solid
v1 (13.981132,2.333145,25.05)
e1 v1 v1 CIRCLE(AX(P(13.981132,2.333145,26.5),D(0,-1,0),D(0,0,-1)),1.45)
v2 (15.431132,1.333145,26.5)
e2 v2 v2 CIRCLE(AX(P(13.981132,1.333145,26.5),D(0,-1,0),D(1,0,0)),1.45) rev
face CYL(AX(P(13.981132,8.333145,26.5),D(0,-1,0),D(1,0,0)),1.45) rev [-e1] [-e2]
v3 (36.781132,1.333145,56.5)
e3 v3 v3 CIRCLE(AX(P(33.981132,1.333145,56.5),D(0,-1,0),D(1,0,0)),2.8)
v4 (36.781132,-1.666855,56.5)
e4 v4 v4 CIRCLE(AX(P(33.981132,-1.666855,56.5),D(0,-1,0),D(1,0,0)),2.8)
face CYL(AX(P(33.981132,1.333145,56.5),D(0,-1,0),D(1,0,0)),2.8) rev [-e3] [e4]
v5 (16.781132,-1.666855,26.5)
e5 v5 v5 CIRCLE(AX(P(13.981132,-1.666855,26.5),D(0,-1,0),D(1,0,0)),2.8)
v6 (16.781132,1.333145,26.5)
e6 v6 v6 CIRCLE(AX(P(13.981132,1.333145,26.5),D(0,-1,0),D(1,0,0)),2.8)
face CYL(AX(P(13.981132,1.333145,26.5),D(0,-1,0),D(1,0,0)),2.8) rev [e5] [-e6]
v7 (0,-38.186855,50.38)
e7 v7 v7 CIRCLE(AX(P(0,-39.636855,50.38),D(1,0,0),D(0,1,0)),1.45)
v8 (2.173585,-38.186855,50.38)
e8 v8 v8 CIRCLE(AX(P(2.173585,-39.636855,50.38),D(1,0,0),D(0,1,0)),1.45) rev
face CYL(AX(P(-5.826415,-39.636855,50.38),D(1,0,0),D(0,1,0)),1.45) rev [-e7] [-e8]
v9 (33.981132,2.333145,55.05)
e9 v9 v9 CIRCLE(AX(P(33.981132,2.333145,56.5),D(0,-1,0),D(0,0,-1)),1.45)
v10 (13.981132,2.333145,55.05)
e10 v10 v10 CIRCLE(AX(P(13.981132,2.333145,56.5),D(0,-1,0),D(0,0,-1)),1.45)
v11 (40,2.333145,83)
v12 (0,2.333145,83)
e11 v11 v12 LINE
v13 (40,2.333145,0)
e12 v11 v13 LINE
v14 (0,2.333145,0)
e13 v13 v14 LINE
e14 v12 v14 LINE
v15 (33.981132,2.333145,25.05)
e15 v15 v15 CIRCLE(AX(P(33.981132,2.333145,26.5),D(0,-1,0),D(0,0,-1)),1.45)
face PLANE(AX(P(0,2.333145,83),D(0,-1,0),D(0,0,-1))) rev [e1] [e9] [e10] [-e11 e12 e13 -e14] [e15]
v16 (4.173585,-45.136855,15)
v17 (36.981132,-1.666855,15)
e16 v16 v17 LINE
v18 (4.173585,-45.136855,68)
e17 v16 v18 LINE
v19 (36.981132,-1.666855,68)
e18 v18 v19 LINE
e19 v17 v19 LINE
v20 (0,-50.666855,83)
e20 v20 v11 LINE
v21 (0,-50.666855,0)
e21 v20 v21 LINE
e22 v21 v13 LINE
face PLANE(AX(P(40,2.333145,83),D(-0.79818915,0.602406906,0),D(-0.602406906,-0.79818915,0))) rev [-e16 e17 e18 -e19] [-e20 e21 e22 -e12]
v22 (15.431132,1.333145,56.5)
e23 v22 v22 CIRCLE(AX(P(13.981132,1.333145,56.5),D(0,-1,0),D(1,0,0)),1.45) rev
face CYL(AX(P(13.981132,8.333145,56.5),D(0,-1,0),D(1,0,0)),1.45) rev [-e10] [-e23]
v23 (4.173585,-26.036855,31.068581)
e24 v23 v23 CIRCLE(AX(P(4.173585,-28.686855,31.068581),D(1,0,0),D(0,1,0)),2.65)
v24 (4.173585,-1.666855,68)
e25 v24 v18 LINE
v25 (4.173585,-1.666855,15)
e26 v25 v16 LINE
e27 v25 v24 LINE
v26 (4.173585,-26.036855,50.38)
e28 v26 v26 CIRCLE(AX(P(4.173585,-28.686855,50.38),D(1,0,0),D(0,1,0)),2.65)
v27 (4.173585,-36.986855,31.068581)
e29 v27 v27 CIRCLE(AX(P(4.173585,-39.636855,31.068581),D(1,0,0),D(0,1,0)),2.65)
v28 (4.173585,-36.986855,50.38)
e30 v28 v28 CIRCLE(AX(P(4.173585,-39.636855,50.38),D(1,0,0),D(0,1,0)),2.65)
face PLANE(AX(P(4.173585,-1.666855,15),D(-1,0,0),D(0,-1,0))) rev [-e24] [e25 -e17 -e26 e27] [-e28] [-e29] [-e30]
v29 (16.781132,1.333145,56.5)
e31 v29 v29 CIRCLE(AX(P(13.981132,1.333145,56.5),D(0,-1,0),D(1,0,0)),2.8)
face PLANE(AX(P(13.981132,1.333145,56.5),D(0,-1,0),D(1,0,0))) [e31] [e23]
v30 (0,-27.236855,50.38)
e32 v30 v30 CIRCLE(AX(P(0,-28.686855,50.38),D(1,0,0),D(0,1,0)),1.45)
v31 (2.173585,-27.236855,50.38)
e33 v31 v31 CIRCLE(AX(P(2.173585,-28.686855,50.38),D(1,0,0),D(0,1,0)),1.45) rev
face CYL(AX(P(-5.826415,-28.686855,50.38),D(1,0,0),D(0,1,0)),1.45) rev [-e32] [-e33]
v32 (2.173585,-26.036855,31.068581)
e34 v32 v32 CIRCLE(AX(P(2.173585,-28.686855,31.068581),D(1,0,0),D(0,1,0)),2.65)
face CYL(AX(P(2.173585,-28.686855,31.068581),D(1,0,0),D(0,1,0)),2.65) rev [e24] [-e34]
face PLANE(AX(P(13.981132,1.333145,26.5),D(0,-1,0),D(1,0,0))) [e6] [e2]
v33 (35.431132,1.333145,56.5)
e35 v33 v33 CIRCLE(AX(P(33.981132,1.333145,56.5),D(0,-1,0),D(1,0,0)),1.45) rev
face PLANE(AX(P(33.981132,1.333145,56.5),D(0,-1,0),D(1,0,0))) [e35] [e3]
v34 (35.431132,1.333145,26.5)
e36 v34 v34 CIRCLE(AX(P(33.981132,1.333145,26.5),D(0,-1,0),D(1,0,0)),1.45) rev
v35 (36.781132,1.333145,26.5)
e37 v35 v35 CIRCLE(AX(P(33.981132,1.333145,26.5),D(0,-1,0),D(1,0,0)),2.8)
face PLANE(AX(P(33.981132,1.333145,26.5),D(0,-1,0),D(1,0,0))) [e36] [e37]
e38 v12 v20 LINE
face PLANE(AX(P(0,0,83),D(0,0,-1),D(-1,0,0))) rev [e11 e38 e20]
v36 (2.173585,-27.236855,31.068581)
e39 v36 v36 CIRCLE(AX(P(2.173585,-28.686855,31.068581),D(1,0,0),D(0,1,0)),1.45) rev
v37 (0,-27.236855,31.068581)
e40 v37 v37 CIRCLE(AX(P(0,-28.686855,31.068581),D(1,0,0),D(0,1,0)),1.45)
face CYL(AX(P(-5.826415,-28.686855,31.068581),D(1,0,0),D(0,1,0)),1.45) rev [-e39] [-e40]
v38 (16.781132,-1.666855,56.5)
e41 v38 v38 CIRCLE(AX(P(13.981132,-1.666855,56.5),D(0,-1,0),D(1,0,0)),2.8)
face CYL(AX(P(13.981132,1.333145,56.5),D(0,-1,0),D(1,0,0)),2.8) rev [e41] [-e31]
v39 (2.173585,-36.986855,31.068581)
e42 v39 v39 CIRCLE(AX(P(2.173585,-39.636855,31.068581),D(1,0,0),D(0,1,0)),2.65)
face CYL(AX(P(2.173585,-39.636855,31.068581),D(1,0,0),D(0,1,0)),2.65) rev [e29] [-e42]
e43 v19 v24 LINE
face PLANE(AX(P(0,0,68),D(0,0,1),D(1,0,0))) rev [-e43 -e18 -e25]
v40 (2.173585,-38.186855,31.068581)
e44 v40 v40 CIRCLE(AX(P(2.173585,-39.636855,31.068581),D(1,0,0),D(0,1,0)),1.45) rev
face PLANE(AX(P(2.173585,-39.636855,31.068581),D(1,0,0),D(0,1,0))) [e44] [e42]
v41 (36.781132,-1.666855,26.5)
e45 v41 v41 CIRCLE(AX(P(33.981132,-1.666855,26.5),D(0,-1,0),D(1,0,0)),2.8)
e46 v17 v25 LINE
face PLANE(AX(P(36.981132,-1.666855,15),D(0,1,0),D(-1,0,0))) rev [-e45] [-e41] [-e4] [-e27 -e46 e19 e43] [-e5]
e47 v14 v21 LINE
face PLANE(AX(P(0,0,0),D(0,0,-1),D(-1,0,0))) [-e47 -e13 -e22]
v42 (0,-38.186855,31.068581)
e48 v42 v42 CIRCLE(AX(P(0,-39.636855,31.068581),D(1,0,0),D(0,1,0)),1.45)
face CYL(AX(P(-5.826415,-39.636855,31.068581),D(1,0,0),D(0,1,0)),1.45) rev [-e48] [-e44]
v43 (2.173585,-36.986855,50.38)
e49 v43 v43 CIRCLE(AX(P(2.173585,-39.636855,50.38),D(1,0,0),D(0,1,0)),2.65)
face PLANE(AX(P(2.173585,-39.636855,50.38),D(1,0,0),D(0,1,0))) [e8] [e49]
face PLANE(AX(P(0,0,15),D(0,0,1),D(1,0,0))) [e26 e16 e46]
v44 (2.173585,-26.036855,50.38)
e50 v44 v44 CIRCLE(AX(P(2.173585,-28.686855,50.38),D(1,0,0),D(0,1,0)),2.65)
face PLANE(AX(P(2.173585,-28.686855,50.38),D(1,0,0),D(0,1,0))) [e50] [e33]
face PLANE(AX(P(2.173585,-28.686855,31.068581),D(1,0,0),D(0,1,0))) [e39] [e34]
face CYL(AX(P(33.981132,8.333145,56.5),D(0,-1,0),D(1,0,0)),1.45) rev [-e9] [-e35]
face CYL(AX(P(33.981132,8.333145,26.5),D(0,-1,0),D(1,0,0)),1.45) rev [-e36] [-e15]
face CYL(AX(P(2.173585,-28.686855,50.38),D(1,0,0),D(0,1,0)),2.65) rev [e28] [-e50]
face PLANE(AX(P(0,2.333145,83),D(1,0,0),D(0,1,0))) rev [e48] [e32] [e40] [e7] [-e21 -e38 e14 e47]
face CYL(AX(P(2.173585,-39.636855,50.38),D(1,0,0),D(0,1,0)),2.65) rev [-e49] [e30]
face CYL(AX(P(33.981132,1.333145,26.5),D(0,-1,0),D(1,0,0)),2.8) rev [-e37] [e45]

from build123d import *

# Parameters (mm, degrees)
EXTRUDE_1_DEPTH     = 83
CUT_EXTRUDE_1_DEPTH = 26.5
SKETCH_4_R          = 1.45
CUT_EXTRUDE_3_DEPTH = 10
SKETCH_5_R          = 1.45
CUT_EXTRUDE_4_DEPTH = 10
SKETCH_6_R          = 2.65
CUT_EXTRUDE_5_DEPTH = 2
SKETCH_7_R          = 2.8
CUT_EXTRUDE_6_DEPTH = 3


with BuildPart() as part:
    # 草图1 → 凸台-拉伸1 (new body)
    with BuildSketch(Plane.XY):
        Polygon((0, 2.333144796), (0, -50.666855204), (40, 2.333144796), align=None)
    extrude(amount=EXTRUDE_1_DEPTH)

    # 草图3 → 切除-拉伸1 (cut, symmetric)
    with BuildSketch(Plane.XY.offset(41.5)):
        Polygon((36.981132075, -1.666855204), (4.173584906, -1.666855204), (4.173584906, -45.136855204), align=None)
    extrude(amount=CUT_EXTRUDE_1_DEPTH, both=True, mode=Mode.SUBTRACT)

    # 草图4 → 切除-拉伸3 (cut)
    with BuildSketch(Plane(origin=(4.173584906, 0, 0), x_dir=(0, 0, -1), z_dir=(1, 0, 0))):
        with Locations(Location((-31.068580938, -39.636855204, 0), (0, 0, 90))):
            Circle(SKETCH_4_R)
        with Locations(Location((-31.068580938, -28.686855204, 0), (0, 0, 90))):
            Circle(SKETCH_4_R)
        with Locations(Location((-50.38, -28.686855204, 0), (0, 0, 90))):
            Circle(SKETCH_4_R)
        with Locations(Location((-50.38, -39.636855204, 0), (0, 0, 90))):
            Circle(SKETCH_4_R)
    extrude(amount=-CUT_EXTRUDE_3_DEPTH, mode=Mode.SUBTRACT)

    # 草图5 → 切除-拉伸4 (cut)
    with BuildSketch(Plane.XZ.offset(1.666855204)):
        with Locations((13.981132075, 56.5)):
            Circle(SKETCH_5_R)
        with Locations((33.981132075, 56.5)):
            Circle(SKETCH_5_R)
        with Locations((13.981132075, 26.5)):
            Circle(SKETCH_5_R)
        with Locations((33.981132075, 26.5)):
            Circle(SKETCH_5_R)
    extrude(amount=-CUT_EXTRUDE_4_DEPTH, mode=Mode.SUBTRACT)

    # 草图6 → 切除-拉伸5 (cut)
    with BuildSketch(Plane(origin=(4.173584906, 0, 0), x_dir=(0, 0, -1), z_dir=(1, 0, 0))):
        with Locations(Location((-50.38, -28.686855204, 0), (0, 0, 90))):
            Circle(SKETCH_6_R)
        with Locations(Location((-31.068580938, -28.686855204, 0), (0, 0, 90))):
            Circle(SKETCH_6_R)
        with Locations(Location((-50.38, -39.636855204, 0), (0, 0, 90))):
            Circle(SKETCH_6_R)
        with Locations(Location((-31.068580938, -39.636855204, 0), (0, 0, 90))):
            Circle(SKETCH_6_R)
    extrude(amount=-CUT_EXTRUDE_5_DEPTH, mode=Mode.SUBTRACT)

    # 草图7 → 切除-拉伸6 (cut)
    with BuildSketch(Plane.XZ.offset(1.666855204)):
        with Locations((13.981132075, 56.5)):
            Circle(SKETCH_7_R)
        with Locations((33.981132075, 56.5)):
            Circle(SKETCH_7_R)
        with Locations((13.981132075, 26.5)):
            Circle(SKETCH_7_R)
        with Locations((33.981132075, 26.5)):
            Circle(SKETCH_7_R)
    extrude(amount=-CUT_EXTRUDE_6_DEPTH, mode=Mode.SUBTRACT)


solid = part.part
